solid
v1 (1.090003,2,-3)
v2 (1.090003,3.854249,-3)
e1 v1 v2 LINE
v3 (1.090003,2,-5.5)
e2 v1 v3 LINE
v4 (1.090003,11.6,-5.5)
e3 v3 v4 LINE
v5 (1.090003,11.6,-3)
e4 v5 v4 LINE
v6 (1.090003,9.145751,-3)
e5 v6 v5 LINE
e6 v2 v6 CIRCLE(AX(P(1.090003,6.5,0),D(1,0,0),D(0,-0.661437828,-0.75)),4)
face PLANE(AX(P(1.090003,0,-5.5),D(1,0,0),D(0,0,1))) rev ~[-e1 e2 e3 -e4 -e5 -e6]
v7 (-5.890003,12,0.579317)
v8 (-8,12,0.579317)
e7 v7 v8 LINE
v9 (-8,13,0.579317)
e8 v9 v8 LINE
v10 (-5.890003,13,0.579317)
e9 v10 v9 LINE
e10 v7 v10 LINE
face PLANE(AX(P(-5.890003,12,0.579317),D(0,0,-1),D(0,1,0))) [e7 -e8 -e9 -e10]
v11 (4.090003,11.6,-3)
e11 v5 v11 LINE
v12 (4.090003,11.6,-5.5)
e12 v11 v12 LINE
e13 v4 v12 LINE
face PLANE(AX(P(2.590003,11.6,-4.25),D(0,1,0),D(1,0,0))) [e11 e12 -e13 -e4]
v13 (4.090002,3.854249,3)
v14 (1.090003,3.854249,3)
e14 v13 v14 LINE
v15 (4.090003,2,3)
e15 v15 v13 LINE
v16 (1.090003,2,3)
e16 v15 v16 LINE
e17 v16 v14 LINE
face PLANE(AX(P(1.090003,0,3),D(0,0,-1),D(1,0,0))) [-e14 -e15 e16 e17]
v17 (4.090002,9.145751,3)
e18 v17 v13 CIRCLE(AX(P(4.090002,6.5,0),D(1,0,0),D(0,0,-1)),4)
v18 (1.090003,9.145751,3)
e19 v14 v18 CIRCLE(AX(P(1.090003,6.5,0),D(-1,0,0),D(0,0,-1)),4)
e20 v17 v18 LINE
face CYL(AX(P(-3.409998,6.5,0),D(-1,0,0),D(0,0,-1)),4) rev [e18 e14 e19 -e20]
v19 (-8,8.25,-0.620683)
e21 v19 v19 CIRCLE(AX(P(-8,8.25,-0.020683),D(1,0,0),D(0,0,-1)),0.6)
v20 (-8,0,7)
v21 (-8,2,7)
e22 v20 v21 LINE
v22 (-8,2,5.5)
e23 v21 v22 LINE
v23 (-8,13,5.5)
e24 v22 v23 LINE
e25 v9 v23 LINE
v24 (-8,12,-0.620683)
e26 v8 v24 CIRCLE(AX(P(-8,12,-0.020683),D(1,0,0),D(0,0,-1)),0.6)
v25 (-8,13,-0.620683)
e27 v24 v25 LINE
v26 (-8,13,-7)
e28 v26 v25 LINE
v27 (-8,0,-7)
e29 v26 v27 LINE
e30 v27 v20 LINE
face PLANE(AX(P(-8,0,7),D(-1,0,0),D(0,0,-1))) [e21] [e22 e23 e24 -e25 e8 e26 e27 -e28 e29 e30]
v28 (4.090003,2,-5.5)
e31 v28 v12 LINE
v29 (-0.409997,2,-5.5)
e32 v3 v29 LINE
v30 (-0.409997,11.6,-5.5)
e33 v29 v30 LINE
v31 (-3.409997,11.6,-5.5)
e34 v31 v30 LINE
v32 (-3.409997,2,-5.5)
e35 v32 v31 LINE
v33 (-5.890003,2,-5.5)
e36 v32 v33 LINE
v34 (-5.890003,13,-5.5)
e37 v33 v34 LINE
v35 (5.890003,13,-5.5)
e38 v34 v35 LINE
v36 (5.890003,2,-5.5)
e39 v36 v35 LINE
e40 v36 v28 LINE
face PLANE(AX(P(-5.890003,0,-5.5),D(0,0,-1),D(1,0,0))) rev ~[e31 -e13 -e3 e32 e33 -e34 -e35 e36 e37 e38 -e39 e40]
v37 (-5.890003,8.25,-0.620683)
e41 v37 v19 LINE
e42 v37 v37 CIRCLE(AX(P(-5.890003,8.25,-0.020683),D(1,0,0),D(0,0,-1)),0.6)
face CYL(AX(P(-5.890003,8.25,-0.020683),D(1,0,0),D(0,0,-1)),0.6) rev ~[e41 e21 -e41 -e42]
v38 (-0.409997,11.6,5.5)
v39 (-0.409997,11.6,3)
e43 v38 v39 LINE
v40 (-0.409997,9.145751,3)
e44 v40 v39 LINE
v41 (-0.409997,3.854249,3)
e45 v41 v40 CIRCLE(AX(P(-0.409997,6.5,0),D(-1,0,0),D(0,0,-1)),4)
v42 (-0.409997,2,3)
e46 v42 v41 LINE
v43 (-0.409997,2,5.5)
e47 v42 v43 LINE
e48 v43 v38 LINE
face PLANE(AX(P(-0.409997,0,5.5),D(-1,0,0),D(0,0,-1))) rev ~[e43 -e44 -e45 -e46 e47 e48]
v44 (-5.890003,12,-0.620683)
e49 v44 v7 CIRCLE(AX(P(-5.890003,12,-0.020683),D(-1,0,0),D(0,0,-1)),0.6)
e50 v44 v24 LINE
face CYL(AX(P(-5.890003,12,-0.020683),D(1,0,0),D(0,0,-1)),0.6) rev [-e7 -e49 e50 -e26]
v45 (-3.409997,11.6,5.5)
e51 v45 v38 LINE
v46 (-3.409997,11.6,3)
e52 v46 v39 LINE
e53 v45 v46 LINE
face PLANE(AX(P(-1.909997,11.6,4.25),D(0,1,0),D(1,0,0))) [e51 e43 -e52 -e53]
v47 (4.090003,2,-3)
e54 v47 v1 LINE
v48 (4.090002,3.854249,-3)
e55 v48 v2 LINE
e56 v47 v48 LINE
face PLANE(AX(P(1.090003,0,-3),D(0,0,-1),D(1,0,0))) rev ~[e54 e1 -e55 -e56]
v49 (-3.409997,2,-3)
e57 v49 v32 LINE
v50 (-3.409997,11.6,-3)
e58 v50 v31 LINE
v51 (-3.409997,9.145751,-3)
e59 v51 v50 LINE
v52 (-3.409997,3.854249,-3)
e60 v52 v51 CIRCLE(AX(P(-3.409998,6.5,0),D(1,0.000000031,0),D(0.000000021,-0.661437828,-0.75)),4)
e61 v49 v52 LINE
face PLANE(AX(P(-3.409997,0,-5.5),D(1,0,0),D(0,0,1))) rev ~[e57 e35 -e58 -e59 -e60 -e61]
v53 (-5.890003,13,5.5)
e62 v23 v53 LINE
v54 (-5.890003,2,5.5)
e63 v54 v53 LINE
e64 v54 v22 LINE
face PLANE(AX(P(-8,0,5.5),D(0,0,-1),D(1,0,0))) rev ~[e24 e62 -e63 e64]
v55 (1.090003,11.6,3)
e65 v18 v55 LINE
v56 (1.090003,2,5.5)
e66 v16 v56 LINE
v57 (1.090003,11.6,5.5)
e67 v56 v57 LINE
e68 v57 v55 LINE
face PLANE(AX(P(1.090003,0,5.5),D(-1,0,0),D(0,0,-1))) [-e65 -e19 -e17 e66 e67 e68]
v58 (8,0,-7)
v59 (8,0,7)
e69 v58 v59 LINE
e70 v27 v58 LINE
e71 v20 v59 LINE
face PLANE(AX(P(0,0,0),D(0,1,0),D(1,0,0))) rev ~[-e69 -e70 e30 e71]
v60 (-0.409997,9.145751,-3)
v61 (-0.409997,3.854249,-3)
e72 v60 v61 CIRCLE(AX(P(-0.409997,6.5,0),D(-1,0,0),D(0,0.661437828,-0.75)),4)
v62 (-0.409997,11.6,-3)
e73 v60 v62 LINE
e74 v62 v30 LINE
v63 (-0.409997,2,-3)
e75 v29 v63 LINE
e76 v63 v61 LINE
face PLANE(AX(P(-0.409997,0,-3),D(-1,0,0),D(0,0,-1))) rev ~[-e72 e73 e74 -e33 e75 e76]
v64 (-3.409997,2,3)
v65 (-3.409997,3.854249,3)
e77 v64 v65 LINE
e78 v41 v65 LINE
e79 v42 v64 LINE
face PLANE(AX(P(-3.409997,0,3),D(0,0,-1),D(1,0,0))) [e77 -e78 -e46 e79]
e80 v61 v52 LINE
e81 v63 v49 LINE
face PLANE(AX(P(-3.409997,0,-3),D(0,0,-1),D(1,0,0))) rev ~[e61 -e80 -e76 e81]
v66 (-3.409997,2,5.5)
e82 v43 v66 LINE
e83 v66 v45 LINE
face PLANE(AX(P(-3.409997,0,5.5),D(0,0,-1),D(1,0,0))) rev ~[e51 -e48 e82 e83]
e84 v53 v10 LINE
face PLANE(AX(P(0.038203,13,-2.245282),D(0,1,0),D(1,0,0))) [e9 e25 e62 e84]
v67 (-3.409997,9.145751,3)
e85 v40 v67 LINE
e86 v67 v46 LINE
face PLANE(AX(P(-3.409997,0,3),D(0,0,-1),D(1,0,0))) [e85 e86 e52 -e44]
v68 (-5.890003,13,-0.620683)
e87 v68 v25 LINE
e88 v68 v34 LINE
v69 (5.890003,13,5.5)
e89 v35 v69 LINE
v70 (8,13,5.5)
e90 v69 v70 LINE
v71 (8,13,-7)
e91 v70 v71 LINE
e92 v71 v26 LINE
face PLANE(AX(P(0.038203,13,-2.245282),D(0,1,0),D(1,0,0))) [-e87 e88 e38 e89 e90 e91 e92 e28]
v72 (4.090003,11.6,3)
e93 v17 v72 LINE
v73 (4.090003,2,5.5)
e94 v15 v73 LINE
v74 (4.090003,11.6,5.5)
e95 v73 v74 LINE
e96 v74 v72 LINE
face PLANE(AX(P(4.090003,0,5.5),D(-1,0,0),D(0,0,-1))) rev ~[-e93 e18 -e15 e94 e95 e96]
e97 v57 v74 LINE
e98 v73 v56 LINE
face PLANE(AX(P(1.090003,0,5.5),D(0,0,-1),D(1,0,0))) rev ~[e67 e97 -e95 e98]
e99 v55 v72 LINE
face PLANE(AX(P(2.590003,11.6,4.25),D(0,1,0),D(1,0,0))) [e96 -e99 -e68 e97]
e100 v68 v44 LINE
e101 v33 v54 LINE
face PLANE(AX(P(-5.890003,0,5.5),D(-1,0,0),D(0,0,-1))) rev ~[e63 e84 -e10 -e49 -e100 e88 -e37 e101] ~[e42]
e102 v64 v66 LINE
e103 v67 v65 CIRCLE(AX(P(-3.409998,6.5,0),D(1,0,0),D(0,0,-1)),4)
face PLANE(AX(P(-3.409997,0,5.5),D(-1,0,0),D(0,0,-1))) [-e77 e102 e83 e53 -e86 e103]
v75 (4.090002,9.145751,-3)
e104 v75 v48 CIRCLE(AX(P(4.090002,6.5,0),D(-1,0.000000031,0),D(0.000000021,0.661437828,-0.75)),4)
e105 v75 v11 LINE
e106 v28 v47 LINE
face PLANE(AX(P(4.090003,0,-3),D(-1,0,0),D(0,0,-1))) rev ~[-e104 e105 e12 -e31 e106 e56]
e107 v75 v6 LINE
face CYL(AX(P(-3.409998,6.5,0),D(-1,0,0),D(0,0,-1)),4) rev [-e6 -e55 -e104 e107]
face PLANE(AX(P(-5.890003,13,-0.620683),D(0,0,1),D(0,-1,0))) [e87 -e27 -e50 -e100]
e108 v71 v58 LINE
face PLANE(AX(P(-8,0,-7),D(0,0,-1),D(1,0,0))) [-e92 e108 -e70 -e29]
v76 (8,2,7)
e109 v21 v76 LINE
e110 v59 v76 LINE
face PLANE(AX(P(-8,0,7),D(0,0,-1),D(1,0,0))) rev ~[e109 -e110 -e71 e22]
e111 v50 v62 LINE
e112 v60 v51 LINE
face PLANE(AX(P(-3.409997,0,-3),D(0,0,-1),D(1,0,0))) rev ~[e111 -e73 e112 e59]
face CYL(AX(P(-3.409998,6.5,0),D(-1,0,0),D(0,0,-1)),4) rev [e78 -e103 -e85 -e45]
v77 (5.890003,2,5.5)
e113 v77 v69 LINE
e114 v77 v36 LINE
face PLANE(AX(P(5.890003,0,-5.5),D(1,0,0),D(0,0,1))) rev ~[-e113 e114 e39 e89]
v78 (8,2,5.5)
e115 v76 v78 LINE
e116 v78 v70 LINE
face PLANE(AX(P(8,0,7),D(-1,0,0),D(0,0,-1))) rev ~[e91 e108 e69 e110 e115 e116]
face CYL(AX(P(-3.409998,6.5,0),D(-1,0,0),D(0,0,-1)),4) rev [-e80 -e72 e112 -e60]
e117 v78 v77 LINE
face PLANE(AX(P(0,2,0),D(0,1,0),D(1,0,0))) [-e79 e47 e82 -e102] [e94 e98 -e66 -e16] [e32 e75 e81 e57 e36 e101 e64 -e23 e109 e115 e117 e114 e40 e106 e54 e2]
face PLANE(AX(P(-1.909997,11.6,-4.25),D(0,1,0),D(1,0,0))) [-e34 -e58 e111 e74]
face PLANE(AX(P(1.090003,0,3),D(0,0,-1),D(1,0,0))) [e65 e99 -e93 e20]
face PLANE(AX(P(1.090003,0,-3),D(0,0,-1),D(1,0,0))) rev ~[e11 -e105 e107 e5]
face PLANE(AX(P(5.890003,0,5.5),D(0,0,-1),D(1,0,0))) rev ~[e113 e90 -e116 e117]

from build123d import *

# Parameters (mm, degrees)
CROQUIS1_W              = 16
CROQUIS1_H              = 14
SALIENTE_EXTRUIR1_DEPTH = 2
CROQUIS2_W              = 3
CROQUIS2_H              = 2.5
SALIENTE_EXTRUIR2_DEPTH = 13
CROQUIS4_W              = 3
CROQUIS4_H              = 2.5
CORTAR_EXTRUIR1_DEPTH   = 1.4
CORTAR_EXTRUIR2_START   = 2.480005
CROQUIS5_R              = 4
CORTAR_EXTRUIR2_DEPTH   = 7.5
CROQUIS7_2_R            = 0.6
CORTAR_EXTRUIR4_DEPTH   = 5
CROQUIS7_R              = 0.6
CORTAR_EXTRUIR3_DEPTH   = 4


with BuildPart() as part:
    # Croquis1 → Saliente-Extruir1 (new body)
    with BuildSketch(Plane(origin=(0, 0, 0), x_dir=(1, 0, 0), z_dir=(0, 1, 0))):
        Rectangle(CROQUIS1_W, CROQUIS1_H)
    extrude(amount=SALIENTE_EXTRUIR1_DEPTH)

    # Croquis2 → Saliente-Extruir2 (add)
    with BuildSketch(Plane(origin=(0, 0, 0), x_dir=(1, 0, 0), z_dir=(0, 1, 0))):
        Polygon((5.890002582, 5.5), (5.890002582, -5.5), (8, -5.5), (8, 7), (-8, 7), (-8, -5.5), (-5.890002582, -5.5), (-5.890002582, 5.5), (-3.409997418, 5.5), (-3.409997418, 3), (-0.409997418, 3), (-0.409997418, 5.5), (1.090002582, 5.5), (1.090002582, 3), (4.090002582, 3), (4.090002582, 5.5), align=None)
        with Locations((-1.909997418, -4.25)):
            Rectangle(CROQUIS2_W, CROQUIS2_H)
        with Locations((2.590002582, -4.25)):
            Rectangle(CROQUIS2_W, CROQUIS2_H)
    extrude(amount=SALIENTE_EXTRUIR2_DEPTH)

    # Croquis4 → Cortar-Extruir1 (cut)
    with BuildSketch(Plane(origin=(0, 13, 0), x_dir=(1, 0, 0), z_dir=(0, 1, 0))):
        with Locations((-1.909997418, -4.25)):
            Rectangle(CROQUIS4_W, CROQUIS4_H)
        with Locations((2.590002582, -4.25)):
            Rectangle(CROQUIS4_W, CROQUIS4_H)
        with Locations((2.590002582, 4.25)):
            Rectangle(CROQUIS4_W, CROQUIS4_H)
        with Locations((-1.909997418, 4.25)):
            Rectangle(CROQUIS4_W, CROQUIS4_H)
    extrude(amount=-CORTAR_EXTRUIR1_DEPTH, mode=Mode.SUBTRACT)

    # Croquis5 → Cortar-Extruir2 (cut)
    with BuildSketch(Plane(origin=(-5.890002582, 0, 0), x_dir=(0, 0, -1), z_dir=(1, 0, 0)).offset(CORTAR_EXTRUIR2_START)):
        with Locations((0, 6.5)):
            Circle(CROQUIS5_R)
    extrude(amount=CORTAR_EXTRUIR2_DEPTH, mode=Mode.SUBTRACT)

    # Croquis7<2> → Cortar-Extruir4 (cut)
    with BuildSketch(Plane(origin=(-5.890002582, 0, 0), x_dir=(0, 0, -1), z_dir=(1, 0, 0))):
        with Locations((0.020682753, 8.25)):
            Circle(CROQUIS7_2_R)
        with BuildLine():
            Line((-0.579317247, 12), (-0.579317247, 13))
            Line((-0.579317247, 13), (0.620682753, 13))
            Line((0.620682753, 13), (0.620682753, 12))
            ThreePointArc((0.620682753, 12), (0.020682753, 11.4), (-0.579317247, 12))
        make_face()
    extrude(amount=-CORTAR_EXTRUIR4_DEPTH, mode=Mode.SUBTRACT)

    # Croquis7 → Cortar-Extruir3 (cut)
    with BuildSketch(Plane(origin=(-5.890002582, 0, 0), x_dir=(0, 0, -1), z_dir=(1, 0, 0))):
        with Locations((0.020682753, 8.25)):
            Circle(CROQUIS7_R)
        with BuildLine():
            Line((-0.579317247, 12), (-0.579317247, 13))
            Line((-0.579317247, 13), (0.620682753, 13))
            Line((0.620682753, 13), (0.620682753, 12))
            ThreePointArc((0.620682753, 12), (0.020682753, 11.4), (-0.579317247, 12))
        make_face()
    extrude(amount=-CORTAR_EXTRUIR3_DEPTH, mode=Mode.SUBTRACT)


solid = part.part
